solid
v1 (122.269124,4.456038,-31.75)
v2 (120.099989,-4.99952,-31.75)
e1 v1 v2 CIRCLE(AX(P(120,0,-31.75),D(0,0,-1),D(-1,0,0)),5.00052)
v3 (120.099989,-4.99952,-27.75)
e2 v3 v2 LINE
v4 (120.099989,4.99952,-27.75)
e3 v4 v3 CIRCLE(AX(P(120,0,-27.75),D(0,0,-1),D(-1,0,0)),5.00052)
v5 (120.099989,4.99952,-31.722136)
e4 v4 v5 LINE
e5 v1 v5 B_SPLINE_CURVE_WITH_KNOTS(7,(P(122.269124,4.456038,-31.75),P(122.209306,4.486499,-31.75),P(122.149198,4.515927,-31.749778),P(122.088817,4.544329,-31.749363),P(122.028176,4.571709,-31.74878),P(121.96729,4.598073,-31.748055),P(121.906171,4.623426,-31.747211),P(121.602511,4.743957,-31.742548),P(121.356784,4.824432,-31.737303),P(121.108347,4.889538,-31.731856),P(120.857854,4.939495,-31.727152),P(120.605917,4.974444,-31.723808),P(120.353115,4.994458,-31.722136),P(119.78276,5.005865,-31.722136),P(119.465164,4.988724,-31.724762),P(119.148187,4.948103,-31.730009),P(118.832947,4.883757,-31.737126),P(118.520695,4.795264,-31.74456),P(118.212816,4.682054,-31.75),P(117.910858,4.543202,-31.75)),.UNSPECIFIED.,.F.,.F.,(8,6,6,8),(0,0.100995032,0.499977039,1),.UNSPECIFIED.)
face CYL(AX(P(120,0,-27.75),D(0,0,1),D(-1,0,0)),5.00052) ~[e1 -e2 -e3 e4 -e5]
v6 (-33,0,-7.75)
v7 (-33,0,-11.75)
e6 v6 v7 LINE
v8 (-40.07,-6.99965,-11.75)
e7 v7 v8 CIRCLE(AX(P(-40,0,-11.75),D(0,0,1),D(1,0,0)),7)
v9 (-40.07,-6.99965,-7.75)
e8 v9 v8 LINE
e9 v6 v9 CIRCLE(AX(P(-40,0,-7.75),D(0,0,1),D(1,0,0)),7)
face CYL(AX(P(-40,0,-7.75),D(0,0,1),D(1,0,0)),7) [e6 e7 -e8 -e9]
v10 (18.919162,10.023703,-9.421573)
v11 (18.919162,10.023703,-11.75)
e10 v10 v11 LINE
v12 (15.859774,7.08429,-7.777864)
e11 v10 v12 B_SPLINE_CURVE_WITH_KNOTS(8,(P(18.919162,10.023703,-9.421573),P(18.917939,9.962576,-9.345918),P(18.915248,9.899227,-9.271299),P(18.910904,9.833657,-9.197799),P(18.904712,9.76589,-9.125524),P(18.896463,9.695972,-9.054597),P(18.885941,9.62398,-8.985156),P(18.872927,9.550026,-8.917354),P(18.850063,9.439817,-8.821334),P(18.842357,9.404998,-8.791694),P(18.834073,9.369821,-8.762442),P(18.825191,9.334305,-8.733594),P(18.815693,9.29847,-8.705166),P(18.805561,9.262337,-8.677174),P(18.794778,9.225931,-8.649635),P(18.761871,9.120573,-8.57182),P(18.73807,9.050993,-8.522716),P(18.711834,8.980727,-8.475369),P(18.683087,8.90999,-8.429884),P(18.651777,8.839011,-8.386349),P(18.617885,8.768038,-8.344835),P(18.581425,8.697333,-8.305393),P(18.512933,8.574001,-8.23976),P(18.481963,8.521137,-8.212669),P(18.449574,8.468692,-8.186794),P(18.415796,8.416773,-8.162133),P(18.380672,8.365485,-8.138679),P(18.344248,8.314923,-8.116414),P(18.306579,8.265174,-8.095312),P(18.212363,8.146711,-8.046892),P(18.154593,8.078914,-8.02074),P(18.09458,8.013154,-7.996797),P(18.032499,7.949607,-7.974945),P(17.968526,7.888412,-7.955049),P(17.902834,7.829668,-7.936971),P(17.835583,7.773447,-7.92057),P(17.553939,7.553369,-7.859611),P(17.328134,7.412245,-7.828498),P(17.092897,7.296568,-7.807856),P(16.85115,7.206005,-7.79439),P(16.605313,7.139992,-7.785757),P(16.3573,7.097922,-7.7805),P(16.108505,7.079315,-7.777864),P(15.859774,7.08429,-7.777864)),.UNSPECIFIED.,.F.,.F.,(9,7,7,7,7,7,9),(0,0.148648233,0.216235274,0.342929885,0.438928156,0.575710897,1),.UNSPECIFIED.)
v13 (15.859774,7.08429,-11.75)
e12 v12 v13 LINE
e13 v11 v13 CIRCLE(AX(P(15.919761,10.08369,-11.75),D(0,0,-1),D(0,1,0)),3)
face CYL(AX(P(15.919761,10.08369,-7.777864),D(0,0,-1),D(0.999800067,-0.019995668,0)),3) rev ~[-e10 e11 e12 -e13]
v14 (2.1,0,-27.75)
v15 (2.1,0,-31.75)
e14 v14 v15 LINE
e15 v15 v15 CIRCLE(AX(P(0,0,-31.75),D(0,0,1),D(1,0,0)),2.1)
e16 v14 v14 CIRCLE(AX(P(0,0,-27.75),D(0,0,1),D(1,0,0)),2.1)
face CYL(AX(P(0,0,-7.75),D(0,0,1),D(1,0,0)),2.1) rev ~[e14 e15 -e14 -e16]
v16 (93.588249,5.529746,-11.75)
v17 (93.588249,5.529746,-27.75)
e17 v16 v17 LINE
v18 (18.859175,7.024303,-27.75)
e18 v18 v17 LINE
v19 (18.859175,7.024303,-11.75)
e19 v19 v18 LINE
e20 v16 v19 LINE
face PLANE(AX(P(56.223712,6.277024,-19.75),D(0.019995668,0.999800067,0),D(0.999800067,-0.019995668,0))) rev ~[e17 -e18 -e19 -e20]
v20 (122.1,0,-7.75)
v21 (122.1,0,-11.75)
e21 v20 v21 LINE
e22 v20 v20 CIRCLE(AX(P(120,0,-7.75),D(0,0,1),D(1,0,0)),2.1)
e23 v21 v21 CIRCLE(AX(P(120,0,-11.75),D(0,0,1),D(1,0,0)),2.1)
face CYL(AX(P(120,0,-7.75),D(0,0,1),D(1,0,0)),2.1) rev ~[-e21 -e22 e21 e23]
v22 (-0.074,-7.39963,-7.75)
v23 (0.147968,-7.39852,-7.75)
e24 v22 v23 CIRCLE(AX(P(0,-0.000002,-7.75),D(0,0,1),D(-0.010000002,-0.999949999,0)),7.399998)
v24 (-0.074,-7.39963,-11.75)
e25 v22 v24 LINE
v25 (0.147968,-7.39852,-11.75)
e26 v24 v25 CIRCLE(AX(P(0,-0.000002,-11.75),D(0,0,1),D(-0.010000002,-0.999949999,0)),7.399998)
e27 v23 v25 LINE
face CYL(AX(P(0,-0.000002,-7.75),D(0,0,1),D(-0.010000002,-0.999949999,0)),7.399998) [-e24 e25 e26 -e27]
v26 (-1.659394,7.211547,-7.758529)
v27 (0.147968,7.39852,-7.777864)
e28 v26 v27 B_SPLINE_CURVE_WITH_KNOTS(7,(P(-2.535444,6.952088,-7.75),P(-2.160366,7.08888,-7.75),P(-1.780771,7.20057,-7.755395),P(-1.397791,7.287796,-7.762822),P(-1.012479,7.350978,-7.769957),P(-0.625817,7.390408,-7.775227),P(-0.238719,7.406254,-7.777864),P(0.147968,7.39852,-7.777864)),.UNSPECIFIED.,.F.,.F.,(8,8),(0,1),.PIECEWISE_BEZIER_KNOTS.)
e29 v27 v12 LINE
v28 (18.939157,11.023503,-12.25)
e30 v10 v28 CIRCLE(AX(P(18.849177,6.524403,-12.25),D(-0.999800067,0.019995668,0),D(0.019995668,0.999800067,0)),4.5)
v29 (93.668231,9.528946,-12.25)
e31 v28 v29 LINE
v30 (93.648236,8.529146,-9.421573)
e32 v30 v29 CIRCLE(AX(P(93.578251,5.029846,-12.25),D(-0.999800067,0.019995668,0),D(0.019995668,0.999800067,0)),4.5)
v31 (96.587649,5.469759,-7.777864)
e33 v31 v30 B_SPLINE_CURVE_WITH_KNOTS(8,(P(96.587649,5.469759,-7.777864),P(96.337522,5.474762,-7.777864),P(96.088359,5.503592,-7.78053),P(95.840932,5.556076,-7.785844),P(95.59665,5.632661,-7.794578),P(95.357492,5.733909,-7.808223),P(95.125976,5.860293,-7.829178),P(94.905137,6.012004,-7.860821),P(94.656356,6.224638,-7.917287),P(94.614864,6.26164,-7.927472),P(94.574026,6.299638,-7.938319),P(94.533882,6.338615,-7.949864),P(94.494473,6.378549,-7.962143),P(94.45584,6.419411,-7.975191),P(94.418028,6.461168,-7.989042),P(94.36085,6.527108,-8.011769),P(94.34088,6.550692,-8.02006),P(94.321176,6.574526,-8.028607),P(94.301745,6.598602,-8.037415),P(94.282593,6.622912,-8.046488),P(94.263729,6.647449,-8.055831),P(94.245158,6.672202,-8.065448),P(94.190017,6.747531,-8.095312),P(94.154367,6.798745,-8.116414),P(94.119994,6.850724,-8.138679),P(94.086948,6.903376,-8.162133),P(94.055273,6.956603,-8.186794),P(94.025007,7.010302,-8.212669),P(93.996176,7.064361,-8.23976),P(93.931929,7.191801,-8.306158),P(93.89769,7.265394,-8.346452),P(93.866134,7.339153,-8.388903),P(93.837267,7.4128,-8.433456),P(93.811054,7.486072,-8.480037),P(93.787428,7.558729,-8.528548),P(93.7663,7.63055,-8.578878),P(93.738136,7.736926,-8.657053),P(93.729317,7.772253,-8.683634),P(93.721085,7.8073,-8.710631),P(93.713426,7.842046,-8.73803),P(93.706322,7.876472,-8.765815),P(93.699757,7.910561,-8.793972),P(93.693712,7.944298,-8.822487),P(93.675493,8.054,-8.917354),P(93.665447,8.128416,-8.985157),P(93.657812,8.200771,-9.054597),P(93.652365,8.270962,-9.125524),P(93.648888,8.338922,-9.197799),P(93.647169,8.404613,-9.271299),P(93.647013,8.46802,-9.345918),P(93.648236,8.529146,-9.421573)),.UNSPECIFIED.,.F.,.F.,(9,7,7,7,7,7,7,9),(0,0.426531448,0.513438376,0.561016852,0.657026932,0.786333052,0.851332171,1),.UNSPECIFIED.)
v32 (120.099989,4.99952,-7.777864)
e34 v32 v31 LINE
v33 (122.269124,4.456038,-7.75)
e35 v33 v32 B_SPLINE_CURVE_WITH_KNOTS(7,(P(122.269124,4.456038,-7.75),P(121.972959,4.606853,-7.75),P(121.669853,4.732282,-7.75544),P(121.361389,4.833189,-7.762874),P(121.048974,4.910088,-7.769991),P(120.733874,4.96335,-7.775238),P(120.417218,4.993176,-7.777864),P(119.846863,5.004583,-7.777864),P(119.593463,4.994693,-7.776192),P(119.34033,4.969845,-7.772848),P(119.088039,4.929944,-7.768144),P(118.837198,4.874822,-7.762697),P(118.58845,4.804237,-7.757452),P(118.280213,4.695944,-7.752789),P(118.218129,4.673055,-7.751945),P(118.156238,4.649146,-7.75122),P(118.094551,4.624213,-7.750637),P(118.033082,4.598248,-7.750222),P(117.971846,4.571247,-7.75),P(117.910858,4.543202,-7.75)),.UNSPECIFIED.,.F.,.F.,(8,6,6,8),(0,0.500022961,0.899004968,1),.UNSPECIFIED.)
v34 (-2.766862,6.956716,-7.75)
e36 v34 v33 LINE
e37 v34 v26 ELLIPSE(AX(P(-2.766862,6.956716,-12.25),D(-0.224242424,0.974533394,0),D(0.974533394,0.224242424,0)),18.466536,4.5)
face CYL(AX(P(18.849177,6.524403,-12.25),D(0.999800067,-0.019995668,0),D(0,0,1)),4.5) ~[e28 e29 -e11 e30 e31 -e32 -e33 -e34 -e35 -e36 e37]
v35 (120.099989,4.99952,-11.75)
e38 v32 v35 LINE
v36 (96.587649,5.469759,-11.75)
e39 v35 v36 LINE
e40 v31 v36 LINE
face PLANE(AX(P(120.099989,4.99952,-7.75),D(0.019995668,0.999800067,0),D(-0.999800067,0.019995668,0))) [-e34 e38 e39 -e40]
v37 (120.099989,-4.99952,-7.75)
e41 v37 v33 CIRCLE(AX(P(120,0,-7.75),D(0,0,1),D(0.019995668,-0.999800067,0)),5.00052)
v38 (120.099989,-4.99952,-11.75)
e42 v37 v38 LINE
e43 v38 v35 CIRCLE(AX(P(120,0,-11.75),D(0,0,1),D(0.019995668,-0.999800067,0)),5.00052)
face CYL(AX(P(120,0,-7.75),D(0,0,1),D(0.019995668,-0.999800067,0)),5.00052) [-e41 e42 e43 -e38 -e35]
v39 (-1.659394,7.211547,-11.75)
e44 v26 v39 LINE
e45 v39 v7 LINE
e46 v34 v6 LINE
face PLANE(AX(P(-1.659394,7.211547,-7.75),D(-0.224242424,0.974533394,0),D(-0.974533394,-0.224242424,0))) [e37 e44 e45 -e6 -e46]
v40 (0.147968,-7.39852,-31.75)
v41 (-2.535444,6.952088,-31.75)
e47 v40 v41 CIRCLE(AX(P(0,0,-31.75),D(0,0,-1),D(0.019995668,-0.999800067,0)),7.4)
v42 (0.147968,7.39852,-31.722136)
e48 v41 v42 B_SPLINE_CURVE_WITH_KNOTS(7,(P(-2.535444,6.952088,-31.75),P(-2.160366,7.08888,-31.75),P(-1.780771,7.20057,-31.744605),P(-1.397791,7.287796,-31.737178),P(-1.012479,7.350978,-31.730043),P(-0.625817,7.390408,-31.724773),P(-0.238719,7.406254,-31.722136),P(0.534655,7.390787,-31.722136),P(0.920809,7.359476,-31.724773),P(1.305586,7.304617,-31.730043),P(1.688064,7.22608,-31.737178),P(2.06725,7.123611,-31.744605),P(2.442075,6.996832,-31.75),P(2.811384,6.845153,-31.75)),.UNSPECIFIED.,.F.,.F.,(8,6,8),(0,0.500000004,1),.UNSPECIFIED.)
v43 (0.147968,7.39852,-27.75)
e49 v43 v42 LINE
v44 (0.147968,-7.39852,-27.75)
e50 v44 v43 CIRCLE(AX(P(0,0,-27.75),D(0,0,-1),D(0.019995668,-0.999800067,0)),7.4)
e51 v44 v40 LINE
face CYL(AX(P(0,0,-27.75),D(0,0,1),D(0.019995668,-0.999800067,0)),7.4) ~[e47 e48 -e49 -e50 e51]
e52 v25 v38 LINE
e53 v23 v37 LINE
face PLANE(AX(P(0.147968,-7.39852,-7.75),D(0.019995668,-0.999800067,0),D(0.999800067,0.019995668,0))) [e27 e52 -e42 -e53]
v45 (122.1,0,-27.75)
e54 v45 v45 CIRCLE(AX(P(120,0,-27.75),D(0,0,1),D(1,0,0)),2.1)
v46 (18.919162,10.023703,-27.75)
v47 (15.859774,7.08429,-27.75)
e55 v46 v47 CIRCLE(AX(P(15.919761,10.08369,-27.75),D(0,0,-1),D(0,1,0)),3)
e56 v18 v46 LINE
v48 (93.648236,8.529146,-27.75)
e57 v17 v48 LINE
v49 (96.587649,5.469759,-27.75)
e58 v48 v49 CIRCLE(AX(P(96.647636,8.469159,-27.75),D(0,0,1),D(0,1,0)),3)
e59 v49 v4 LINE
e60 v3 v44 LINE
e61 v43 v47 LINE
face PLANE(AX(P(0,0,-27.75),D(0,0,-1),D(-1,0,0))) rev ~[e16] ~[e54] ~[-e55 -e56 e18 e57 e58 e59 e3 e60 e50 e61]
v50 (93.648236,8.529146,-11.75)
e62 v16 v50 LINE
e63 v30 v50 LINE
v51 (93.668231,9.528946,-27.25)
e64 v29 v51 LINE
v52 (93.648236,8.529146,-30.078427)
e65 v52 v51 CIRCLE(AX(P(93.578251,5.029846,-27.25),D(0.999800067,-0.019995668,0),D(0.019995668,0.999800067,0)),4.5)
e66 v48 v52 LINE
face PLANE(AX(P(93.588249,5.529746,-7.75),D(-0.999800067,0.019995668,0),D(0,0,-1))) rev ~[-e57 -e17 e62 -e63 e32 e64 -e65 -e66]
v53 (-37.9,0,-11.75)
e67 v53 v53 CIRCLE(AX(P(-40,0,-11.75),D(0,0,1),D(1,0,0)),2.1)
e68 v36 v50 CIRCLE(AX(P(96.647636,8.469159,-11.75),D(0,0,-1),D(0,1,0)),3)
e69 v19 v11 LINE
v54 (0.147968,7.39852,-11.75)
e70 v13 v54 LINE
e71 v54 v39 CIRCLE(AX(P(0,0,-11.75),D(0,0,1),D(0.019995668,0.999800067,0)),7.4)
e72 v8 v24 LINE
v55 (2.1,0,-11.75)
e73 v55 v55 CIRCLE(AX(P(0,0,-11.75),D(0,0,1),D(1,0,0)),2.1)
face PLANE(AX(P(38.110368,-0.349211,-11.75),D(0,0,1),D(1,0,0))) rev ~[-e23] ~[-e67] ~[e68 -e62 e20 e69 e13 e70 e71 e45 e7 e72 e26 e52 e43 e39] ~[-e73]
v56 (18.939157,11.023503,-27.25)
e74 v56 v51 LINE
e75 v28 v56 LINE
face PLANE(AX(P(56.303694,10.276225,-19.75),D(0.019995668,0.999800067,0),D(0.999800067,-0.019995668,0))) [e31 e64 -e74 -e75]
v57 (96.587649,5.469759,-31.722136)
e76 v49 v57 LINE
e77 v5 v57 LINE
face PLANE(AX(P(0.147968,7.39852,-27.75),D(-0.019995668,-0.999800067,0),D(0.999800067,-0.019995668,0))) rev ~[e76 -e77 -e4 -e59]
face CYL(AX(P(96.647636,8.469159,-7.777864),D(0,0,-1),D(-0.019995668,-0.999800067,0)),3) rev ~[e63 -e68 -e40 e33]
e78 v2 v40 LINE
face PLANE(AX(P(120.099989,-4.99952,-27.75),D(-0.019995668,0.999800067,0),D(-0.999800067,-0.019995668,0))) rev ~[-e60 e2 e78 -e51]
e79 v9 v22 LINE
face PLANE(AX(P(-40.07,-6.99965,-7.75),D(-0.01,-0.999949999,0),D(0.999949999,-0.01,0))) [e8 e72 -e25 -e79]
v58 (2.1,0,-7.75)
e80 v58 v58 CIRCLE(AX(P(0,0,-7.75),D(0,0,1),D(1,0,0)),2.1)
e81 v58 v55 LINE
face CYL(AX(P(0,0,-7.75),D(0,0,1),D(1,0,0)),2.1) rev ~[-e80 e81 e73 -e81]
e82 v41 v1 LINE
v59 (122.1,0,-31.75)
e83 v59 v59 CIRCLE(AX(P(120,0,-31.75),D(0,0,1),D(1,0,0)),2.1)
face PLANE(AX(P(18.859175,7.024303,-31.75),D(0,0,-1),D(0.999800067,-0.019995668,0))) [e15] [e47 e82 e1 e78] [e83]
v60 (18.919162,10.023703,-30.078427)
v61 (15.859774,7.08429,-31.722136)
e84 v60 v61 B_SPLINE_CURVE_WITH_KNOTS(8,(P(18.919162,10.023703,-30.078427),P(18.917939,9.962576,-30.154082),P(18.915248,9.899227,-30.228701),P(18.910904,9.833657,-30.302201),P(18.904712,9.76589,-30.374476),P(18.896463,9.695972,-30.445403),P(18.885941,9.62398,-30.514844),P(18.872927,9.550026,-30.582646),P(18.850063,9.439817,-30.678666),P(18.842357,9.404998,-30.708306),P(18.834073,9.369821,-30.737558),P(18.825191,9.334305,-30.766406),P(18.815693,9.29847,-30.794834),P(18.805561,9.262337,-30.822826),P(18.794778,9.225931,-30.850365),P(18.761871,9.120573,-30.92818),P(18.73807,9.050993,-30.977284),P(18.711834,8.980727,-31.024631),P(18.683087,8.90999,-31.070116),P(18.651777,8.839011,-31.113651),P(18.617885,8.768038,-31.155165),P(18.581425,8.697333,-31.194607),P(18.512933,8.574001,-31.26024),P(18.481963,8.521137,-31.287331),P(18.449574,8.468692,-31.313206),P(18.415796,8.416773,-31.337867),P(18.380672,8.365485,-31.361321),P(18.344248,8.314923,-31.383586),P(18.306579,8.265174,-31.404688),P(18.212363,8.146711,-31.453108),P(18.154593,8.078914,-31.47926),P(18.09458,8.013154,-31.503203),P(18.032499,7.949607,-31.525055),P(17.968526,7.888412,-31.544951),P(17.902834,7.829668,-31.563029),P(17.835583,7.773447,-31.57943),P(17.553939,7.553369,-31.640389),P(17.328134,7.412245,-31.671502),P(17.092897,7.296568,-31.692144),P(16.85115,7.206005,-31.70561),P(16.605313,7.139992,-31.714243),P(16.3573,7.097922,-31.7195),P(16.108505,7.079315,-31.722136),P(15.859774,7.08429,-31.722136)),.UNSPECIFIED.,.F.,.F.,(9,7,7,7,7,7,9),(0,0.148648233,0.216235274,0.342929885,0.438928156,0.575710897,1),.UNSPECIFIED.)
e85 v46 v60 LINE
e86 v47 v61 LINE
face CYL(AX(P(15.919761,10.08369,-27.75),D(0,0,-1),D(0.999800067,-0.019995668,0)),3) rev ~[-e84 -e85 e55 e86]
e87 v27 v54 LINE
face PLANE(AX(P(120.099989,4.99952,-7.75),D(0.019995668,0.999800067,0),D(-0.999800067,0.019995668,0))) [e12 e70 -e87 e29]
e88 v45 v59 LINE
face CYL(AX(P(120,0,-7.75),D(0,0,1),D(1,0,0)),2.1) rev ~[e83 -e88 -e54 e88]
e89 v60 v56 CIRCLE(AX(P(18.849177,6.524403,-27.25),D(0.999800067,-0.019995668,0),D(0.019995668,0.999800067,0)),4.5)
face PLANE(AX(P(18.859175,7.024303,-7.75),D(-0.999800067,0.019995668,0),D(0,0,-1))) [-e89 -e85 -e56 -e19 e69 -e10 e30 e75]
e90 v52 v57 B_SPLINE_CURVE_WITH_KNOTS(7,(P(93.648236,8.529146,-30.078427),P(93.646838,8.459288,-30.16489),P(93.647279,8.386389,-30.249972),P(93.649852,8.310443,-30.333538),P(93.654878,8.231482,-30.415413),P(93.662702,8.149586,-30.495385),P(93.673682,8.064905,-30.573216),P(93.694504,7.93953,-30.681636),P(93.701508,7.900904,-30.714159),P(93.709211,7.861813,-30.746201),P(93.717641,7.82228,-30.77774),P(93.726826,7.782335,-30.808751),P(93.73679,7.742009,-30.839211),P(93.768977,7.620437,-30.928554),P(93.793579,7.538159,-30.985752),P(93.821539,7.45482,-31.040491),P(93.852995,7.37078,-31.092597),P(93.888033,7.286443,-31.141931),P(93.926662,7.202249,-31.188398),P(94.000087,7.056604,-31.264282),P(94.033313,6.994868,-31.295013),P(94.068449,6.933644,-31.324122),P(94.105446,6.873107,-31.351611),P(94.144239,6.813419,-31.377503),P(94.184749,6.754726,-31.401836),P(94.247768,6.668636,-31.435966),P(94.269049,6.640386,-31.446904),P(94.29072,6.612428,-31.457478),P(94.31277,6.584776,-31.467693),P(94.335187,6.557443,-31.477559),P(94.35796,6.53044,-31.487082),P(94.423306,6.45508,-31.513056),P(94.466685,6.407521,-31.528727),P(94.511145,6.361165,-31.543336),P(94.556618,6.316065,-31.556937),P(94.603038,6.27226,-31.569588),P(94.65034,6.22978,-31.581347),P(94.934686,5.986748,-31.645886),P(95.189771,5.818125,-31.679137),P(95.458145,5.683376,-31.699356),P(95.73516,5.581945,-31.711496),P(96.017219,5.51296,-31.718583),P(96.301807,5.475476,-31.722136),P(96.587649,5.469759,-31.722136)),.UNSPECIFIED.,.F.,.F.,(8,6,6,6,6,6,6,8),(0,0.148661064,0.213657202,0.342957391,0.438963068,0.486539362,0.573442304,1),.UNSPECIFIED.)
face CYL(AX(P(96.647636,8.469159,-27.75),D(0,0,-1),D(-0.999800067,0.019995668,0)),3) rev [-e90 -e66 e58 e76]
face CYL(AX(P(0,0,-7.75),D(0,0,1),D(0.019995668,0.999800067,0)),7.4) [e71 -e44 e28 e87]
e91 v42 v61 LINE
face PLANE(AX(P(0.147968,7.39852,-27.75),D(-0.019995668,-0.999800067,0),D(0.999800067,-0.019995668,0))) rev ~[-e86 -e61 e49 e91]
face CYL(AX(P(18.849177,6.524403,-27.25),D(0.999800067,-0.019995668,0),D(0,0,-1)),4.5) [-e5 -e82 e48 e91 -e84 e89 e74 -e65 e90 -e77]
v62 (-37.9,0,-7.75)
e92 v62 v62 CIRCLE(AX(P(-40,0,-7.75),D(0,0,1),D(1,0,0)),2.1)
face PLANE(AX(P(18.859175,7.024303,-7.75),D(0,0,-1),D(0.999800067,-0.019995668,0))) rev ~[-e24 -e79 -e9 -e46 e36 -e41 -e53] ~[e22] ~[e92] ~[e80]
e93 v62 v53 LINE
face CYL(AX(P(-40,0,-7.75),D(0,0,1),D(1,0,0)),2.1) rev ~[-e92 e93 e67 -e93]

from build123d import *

# Parameters (mm, degrees)
BOSS_EXTRUDE1_DEPTH = 4
BOSS_EXTRUDE2_DEPTH = 4
SKETCH9_W           = 74.744017839
SKETCH9_H           = 24
BOSS_EXTRUDE3_DEPTH = 4
FILLET1_R           = 4.5
FILLET2_R           = 3
SKETCH10_R          = 2.1
CUT_EXTRUDE1_DEPTH  = 128.760117479


with BuildPart() as part:
    # Sketch3 → Boss-Extrude1 (new body)
    with BuildSketch(Plane.XY.offset(-7.75)):
        with BuildLine():
            Line((-1.659393939, 7.211547112), (-33, 0))
            ThreePointArc((-33, 0), (-44.924936548, 4.974434641), (-40.07, -6.999649991))
            Line((-40.07, -6.999649991), (-0.074, -7.399629991))
            ThreePointArc((-0.074, -7.399629991), (0.036988131, -7.399907559), (0.147967941, -7.398520493))
            Line((0.147967941, -7.398520493), (120.099988734, -4.999520111))
            ThreePointArc((120.099988734, -4.999520111), (125.000519882, 0), (120.099988734, 4.999520111))
            Line((120.099988734, 4.999520111), (0.147967941, 7.398520493))
            ThreePointArc((0.147967941, 7.398520493), (-0.761473505, 7.360717227), (-1.659393939, 7.211547112))
        make_face()
    extrude(amount=-BOSS_EXTRUDE1_DEPTH)



with BuildPart() as body_2:
    # Sketch8 → Boss-Extrude2 (new body)
    with BuildSketch(Plane(origin=(0, 0, -27.75), x_dir=(-1, 0, 0), z_dir=(0, 0, -1))):
        with BuildLine():
            Line((-120.099988734, -4.999520111), (-0.147967941, -7.398520493))
            ThreePointArc((-0.147967941, -7.398520493), (7.4, 0), (-0.147967941, 7.398520493))
            Line((-0.147967941, 7.398520493), (-120.099988734, 4.999520111))
            ThreePointArc((-120.099988734, 4.999520111), (-125.000519882, 0), (-120.099988734, -4.999520111))
        make_face()
    extrude(amount=BOSS_EXTRUDE2_DEPTH)


with BuildPart() as part_1:
    add(part.part)

    add(body_2.part)  # Boss-Extrude3 merges body 2
    # Sketch9 → Boss-Extrude3 (add)
    with BuildSketch(Plane(origin=(0.147967941, 7.398520493, 0), x_dir=(0.999800066650892, -0.019995667652563644, 0), z_dir=(0.019995667652563644, 0.999800066650892, 0))):
        with Locations((56.086957222, 19.75)):
            Rectangle(SKETCH9_W, SKETCH9_H)
    extrude(amount=BOSS_EXTRUDE3_DEPTH)

    # Fillet1
    fillet1_edges = [part_1.edges().sort_by_distance(p)[0] for p in [
        (56.30369418, 10.276224604, -7.75),
        (56.30369418, 10.276224604, -31.75),
    ]]
    fillet(fillet1_edges, radius=FILLET1_R)

    # Fillet2
    fillet2_edges = [part_1.edges().sort_by_distance(p)[0] for p in [
        (18.8591745, 7.024302607, -9.763932023),
        (18.8591745, 7.024302607, -29.736067977),
        (93.588248518, 5.529746067, -9.763932023),
        (93.588248518, 5.529746067, -29.736067977),
    ]]
    fillet(fillet2_edges, radius=FILLET2_R)

    # Sketch10 → Cut-Extrude1 (cut, through all)
    with BuildSketch(Plane.XY.offset(-7.75)):
        with Locations((-40, 0)):
            Circle(SKETCH10_R)
        Circle(SKETCH10_R)
        with Locations((120, 0)):
            Circle(SKETCH10_R)
    extrude(amount=-CUT_EXTRUDE1_DEPTH, mode=Mode.SUBTRACT)


solid = part_1.part
